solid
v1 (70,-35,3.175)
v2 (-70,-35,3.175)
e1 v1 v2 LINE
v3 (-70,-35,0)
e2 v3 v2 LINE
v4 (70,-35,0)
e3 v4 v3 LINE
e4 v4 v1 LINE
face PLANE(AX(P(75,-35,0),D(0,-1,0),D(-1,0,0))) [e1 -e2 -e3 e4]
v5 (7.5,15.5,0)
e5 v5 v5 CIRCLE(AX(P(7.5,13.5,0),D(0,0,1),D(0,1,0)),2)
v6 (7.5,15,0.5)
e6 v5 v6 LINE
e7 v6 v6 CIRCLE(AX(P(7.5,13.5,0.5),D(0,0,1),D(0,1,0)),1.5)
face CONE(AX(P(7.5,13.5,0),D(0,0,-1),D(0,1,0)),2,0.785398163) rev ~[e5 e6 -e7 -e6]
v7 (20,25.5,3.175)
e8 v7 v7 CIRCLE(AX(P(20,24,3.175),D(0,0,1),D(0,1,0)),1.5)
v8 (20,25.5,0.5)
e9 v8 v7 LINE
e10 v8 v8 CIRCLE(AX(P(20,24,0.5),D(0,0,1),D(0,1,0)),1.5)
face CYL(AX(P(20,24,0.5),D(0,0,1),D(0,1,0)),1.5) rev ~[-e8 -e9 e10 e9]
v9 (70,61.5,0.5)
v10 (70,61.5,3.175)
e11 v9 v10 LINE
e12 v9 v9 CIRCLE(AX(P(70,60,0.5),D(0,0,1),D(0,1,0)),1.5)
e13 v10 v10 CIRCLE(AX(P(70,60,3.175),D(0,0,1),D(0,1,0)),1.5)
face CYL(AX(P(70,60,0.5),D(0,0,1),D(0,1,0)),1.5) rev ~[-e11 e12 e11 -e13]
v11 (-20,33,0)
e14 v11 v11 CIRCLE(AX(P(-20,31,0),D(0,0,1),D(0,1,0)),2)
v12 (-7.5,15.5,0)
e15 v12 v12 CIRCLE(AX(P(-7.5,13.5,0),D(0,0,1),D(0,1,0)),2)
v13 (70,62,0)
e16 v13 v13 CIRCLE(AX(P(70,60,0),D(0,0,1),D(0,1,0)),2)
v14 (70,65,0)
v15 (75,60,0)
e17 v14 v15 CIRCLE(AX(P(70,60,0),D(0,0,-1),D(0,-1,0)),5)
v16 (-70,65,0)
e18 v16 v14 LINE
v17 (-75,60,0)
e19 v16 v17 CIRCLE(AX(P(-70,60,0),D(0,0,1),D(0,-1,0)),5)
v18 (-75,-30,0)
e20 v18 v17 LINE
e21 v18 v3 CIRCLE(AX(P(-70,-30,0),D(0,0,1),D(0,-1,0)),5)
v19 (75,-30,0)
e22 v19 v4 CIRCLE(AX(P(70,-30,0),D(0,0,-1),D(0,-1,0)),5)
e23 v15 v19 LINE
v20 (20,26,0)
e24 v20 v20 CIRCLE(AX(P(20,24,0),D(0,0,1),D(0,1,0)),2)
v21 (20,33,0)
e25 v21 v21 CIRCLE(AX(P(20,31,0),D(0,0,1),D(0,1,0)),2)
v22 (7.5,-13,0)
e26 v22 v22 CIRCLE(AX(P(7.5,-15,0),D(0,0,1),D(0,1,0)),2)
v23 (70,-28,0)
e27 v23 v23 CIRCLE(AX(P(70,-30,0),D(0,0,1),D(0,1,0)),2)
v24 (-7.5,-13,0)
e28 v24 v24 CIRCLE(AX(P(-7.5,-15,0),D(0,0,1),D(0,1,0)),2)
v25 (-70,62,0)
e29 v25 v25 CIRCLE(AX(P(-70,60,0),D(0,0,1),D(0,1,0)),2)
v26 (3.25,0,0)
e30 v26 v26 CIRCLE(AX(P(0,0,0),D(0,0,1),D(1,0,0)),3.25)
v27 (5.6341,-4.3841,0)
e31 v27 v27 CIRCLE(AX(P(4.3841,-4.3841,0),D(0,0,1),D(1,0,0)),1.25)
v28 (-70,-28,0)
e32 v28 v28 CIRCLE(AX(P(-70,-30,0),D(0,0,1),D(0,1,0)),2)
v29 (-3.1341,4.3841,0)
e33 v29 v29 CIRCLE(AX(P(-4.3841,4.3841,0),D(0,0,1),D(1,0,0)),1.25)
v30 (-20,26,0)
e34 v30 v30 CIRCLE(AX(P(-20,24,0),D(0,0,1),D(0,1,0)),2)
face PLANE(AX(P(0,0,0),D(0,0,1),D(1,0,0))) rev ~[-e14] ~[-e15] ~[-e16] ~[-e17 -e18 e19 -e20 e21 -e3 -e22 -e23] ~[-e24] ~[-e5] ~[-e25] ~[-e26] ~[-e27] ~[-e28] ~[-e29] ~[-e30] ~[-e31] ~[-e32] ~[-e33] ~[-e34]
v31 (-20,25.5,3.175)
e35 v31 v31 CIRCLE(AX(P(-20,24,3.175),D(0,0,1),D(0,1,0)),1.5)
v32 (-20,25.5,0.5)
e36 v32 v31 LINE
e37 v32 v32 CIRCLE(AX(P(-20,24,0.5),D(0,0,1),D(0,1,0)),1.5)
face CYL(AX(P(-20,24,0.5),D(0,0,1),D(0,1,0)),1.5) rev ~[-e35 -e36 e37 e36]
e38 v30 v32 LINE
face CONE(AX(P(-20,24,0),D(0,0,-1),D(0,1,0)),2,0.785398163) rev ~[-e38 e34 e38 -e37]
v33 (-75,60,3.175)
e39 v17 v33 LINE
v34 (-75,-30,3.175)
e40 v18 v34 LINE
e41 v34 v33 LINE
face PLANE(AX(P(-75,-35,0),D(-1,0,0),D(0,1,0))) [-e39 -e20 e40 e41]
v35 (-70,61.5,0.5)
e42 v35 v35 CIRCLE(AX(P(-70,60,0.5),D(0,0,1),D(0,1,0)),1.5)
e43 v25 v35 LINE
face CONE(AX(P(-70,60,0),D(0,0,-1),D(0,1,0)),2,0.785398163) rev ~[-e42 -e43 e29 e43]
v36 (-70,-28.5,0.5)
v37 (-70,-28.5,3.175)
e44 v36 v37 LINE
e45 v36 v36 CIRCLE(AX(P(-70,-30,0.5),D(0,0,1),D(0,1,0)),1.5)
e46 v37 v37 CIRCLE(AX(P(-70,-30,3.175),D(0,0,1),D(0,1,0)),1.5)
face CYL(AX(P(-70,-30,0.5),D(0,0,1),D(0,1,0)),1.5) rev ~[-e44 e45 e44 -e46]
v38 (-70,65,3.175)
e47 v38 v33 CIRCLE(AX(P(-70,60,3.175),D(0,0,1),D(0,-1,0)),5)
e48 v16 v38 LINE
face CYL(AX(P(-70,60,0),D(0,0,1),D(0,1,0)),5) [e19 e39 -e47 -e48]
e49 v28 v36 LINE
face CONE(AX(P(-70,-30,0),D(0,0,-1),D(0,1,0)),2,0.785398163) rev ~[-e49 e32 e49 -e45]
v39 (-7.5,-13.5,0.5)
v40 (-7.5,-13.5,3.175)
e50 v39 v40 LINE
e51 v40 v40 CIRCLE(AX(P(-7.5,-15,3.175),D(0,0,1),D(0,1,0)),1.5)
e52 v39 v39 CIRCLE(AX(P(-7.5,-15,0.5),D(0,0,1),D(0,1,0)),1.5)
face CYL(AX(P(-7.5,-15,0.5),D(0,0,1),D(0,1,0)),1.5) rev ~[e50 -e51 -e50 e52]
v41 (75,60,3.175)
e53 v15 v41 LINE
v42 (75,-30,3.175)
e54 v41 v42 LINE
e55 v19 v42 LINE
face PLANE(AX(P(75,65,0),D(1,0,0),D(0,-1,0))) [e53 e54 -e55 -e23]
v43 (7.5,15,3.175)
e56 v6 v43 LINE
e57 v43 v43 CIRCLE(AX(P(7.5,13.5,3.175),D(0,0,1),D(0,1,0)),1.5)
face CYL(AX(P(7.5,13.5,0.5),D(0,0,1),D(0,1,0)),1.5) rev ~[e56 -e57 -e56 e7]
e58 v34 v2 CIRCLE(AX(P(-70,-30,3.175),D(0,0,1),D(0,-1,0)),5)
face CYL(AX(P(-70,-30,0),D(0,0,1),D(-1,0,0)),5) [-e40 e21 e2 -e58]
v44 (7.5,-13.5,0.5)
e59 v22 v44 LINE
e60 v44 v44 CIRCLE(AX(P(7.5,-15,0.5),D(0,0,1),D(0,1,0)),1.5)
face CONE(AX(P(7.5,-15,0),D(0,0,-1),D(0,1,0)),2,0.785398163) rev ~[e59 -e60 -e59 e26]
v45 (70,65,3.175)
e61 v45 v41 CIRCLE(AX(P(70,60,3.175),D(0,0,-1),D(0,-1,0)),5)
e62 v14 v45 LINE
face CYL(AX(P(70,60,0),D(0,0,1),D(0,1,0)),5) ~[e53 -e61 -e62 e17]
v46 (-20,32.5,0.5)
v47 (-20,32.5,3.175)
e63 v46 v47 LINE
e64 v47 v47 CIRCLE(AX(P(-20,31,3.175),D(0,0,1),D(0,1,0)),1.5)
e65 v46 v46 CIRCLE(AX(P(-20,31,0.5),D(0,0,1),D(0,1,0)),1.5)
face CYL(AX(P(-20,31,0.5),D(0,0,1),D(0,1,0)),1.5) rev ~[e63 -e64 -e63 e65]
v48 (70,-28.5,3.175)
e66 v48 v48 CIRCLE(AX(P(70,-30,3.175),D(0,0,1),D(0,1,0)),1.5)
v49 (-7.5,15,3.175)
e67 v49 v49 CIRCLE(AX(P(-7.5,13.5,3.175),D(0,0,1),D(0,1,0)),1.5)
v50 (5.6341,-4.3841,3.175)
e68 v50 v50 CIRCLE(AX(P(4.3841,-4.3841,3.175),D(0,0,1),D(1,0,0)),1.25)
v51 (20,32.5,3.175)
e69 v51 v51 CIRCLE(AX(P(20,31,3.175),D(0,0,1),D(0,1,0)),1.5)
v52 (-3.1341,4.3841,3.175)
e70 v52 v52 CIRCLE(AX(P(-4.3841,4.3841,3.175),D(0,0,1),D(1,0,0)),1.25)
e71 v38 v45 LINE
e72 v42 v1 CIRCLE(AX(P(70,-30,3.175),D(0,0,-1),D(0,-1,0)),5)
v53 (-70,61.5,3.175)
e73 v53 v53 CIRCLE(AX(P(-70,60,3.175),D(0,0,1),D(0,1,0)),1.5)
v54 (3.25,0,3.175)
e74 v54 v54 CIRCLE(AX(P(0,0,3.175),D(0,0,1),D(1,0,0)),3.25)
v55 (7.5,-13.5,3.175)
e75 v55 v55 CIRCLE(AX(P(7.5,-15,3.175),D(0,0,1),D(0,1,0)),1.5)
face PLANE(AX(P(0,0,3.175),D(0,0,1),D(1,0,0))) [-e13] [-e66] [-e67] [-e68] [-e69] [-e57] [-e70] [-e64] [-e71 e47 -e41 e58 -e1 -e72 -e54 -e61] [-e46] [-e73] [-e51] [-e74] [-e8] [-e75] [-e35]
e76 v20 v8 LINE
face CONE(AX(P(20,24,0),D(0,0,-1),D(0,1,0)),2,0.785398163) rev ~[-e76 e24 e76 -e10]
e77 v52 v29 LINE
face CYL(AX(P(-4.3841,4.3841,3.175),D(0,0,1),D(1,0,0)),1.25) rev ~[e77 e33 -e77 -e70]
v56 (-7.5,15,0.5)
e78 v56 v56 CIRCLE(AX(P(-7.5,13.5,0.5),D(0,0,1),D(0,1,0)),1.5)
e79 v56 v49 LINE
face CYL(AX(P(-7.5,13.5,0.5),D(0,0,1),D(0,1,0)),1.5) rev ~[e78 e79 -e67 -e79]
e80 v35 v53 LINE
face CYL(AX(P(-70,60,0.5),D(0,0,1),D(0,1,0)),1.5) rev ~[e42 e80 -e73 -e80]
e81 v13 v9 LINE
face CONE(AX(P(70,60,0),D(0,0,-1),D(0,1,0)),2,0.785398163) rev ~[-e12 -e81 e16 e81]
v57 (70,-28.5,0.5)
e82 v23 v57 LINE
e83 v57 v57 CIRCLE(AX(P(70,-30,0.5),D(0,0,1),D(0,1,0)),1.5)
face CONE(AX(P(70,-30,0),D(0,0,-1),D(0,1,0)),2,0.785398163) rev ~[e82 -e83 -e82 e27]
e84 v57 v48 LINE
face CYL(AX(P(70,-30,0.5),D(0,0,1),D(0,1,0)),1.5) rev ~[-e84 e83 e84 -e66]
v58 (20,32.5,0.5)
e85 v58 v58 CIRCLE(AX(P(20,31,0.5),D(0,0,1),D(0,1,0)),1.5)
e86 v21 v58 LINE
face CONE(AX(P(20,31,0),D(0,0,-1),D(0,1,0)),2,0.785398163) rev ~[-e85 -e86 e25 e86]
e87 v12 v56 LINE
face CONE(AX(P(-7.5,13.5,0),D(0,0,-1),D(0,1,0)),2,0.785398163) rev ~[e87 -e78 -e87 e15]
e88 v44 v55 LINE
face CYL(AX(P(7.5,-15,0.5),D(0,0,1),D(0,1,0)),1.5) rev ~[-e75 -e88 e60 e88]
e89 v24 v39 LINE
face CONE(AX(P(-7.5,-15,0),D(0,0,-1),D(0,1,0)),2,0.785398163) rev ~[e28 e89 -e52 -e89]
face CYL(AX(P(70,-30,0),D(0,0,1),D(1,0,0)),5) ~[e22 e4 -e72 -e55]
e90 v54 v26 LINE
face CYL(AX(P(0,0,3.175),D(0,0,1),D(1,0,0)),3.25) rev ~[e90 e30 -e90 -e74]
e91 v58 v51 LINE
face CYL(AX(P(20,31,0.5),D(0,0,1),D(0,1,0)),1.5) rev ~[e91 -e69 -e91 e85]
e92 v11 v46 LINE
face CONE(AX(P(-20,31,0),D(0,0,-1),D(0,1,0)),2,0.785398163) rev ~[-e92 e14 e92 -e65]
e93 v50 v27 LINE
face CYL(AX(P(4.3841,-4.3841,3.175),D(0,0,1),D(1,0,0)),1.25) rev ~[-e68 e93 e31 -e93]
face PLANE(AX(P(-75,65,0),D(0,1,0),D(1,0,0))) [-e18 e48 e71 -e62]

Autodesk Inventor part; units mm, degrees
ref_plane "YZ Plane" through (0, 0, 0) normal (1, 0, 0) x (0, 1, 0)
ref_plane "XZ Plane" through (0, 0, 0) normal (0, 1, 0) x (-1, 0, 0)
ref_plane "XY Plane" through (0, 0, 0) normal (0, 0, 1) x (1, 0, 0)
sketch "Sketch1" plane through (0, 0, 0) normal (0, 0, 1) x (1, 0, 0)
  line L0 (-75, 65) -> (75, 65)
  line L1 (75, 65) -> (75, -35)
  line L2 (75, -35) -> (-75, -35)
  line L3 (-75, -35) -> (-75, 65)
  point P0 (0, 0)
  dimension "d0" = 150
  dimension "d1" = 100
  dimension "d29" = 65
  dimension "d30" = 75
extrude "Extrusion1" add sketch "Sketch1" along normal blind 3.175
sketch "Sketch2" plane through (0, 0, 0) normal (0, 0, 1) x (1, 0, 0)
  line L0 (75, 65) -> (-75, 65) projected
  line L1 (-75, 65) -> (-75, -35) projected
  line L2 (75, -35) -> (75, 65) projected
  line L3 (-75, -35) -> (75, -35) projected
  point P0 (0, 0)
  point P1 (-70, 60)
  point P2 (70, 60)
  point P3 (70, -30)
  point P4 (-70, -30)
  dimension "d4" = 5
  dimension "d5" = 5
  dimension "d6" = 5
  dimension "d7" = 5
  dimension "d8" = 5
  dimension "d9" = 5
  dimension "d10" = 5
  dimension "d11" = 5
hole "Hole1" at (-70, 60, 0) at (70, 60, 0) at (70, -30, 0) at (-70, -30, 0) direction (0, 0, 1) diameter 3 end through all countersink diameter 4 countersink angle 90
fillet "Fillet1" radius 5 4 edges at (-75, 65, 1.5875) (75, 65, 1.5875) (75, -35, 1.5875) (-75, -35, 1.5875)
sketch "Sketch3" plane through (0, 0, 3.175) normal (0, 0, 1) x (1, 0, 0)
  circle A0 centre (0, 0) radius 3.25
  circle A1 centre (4.3841, -4.3841) radius 1.25
  circle A2 centre (-4.3841, 4.3841) radius 1.25
  dimension "d20" = 2.5
  dimension "d21" = 2.5
  dimension "d22" = 6.5
  dimension "d25" = 8.7681
  dimension "d26" = 8.7681
  dimension "d27" = 4.3841
  dimension "d28" = 4.3841
extrude "Extrusion2" cut sketch "Sketch3" against normal up to next
sketch "Sketch4" plane through (0, 0, 0) normal (0, 0, -1) x (-1, 0, 0)
  point P0 (0, 0)
  point P1 (-7.5, 13.5)
  point P2 (7.5, 13.5)
  point P3 (7.5, -15)
  point P4 (-7.5, -15)
  dimension "d33" = 15
  dimension "d34" = 15
  dimension "d35" = 13.5
  dimension "d36" = 15
  dimension "d37" = 7.5
  dimension "d38" = 15
  dimension "d39" = 7.5
  dimension "d40" = 13.5
hole "Hole2" at (7.5, 13.5, 0) at (-7.5, 13.5, 0) at (-7.5, -15, 0) at (7.5, -15, 0) direction (0, 0, 1) diameter 3 end through all countersink diameter 4 countersink angle 90
sketch "Sketch5" plane through (0, 0, 0) normal (0, 0, -1) x (-1, 0, 0)
  line L0 (70, 65) -> (-70, 65) projected
  line L1 (-75, 60) -> (-75, -30) projected
  line L2 (75, -30) -> (75, 60) projected
  point P0 (0, 0)
  point P1 (-20, 24)
  point P2 (-20, 31)
  point P3 (20, 31)
  point P4 (20, 24)
  dimension "d48" = 0
  dimension "d49" = 0
  dimension "d50" = 34
  dimension "d51" = 34
  dimension "d52" = 7
  dimension "d53" = 7
  dimension "d54" = 55
  dimension "d55" = 55
hole "Hole3" at (20, 24, 0) at (20, 31, 0) at (-20, 31, 0) at (-20, 24, 0) direction (0, 0, 1) diameter 3 end through all countersink diameter 4 countersink angle 90
equation "\"d37\" = 0.5 * d33"
equation "\"d39\" = 0.5 * d33"
properties part number "SheetPot"
